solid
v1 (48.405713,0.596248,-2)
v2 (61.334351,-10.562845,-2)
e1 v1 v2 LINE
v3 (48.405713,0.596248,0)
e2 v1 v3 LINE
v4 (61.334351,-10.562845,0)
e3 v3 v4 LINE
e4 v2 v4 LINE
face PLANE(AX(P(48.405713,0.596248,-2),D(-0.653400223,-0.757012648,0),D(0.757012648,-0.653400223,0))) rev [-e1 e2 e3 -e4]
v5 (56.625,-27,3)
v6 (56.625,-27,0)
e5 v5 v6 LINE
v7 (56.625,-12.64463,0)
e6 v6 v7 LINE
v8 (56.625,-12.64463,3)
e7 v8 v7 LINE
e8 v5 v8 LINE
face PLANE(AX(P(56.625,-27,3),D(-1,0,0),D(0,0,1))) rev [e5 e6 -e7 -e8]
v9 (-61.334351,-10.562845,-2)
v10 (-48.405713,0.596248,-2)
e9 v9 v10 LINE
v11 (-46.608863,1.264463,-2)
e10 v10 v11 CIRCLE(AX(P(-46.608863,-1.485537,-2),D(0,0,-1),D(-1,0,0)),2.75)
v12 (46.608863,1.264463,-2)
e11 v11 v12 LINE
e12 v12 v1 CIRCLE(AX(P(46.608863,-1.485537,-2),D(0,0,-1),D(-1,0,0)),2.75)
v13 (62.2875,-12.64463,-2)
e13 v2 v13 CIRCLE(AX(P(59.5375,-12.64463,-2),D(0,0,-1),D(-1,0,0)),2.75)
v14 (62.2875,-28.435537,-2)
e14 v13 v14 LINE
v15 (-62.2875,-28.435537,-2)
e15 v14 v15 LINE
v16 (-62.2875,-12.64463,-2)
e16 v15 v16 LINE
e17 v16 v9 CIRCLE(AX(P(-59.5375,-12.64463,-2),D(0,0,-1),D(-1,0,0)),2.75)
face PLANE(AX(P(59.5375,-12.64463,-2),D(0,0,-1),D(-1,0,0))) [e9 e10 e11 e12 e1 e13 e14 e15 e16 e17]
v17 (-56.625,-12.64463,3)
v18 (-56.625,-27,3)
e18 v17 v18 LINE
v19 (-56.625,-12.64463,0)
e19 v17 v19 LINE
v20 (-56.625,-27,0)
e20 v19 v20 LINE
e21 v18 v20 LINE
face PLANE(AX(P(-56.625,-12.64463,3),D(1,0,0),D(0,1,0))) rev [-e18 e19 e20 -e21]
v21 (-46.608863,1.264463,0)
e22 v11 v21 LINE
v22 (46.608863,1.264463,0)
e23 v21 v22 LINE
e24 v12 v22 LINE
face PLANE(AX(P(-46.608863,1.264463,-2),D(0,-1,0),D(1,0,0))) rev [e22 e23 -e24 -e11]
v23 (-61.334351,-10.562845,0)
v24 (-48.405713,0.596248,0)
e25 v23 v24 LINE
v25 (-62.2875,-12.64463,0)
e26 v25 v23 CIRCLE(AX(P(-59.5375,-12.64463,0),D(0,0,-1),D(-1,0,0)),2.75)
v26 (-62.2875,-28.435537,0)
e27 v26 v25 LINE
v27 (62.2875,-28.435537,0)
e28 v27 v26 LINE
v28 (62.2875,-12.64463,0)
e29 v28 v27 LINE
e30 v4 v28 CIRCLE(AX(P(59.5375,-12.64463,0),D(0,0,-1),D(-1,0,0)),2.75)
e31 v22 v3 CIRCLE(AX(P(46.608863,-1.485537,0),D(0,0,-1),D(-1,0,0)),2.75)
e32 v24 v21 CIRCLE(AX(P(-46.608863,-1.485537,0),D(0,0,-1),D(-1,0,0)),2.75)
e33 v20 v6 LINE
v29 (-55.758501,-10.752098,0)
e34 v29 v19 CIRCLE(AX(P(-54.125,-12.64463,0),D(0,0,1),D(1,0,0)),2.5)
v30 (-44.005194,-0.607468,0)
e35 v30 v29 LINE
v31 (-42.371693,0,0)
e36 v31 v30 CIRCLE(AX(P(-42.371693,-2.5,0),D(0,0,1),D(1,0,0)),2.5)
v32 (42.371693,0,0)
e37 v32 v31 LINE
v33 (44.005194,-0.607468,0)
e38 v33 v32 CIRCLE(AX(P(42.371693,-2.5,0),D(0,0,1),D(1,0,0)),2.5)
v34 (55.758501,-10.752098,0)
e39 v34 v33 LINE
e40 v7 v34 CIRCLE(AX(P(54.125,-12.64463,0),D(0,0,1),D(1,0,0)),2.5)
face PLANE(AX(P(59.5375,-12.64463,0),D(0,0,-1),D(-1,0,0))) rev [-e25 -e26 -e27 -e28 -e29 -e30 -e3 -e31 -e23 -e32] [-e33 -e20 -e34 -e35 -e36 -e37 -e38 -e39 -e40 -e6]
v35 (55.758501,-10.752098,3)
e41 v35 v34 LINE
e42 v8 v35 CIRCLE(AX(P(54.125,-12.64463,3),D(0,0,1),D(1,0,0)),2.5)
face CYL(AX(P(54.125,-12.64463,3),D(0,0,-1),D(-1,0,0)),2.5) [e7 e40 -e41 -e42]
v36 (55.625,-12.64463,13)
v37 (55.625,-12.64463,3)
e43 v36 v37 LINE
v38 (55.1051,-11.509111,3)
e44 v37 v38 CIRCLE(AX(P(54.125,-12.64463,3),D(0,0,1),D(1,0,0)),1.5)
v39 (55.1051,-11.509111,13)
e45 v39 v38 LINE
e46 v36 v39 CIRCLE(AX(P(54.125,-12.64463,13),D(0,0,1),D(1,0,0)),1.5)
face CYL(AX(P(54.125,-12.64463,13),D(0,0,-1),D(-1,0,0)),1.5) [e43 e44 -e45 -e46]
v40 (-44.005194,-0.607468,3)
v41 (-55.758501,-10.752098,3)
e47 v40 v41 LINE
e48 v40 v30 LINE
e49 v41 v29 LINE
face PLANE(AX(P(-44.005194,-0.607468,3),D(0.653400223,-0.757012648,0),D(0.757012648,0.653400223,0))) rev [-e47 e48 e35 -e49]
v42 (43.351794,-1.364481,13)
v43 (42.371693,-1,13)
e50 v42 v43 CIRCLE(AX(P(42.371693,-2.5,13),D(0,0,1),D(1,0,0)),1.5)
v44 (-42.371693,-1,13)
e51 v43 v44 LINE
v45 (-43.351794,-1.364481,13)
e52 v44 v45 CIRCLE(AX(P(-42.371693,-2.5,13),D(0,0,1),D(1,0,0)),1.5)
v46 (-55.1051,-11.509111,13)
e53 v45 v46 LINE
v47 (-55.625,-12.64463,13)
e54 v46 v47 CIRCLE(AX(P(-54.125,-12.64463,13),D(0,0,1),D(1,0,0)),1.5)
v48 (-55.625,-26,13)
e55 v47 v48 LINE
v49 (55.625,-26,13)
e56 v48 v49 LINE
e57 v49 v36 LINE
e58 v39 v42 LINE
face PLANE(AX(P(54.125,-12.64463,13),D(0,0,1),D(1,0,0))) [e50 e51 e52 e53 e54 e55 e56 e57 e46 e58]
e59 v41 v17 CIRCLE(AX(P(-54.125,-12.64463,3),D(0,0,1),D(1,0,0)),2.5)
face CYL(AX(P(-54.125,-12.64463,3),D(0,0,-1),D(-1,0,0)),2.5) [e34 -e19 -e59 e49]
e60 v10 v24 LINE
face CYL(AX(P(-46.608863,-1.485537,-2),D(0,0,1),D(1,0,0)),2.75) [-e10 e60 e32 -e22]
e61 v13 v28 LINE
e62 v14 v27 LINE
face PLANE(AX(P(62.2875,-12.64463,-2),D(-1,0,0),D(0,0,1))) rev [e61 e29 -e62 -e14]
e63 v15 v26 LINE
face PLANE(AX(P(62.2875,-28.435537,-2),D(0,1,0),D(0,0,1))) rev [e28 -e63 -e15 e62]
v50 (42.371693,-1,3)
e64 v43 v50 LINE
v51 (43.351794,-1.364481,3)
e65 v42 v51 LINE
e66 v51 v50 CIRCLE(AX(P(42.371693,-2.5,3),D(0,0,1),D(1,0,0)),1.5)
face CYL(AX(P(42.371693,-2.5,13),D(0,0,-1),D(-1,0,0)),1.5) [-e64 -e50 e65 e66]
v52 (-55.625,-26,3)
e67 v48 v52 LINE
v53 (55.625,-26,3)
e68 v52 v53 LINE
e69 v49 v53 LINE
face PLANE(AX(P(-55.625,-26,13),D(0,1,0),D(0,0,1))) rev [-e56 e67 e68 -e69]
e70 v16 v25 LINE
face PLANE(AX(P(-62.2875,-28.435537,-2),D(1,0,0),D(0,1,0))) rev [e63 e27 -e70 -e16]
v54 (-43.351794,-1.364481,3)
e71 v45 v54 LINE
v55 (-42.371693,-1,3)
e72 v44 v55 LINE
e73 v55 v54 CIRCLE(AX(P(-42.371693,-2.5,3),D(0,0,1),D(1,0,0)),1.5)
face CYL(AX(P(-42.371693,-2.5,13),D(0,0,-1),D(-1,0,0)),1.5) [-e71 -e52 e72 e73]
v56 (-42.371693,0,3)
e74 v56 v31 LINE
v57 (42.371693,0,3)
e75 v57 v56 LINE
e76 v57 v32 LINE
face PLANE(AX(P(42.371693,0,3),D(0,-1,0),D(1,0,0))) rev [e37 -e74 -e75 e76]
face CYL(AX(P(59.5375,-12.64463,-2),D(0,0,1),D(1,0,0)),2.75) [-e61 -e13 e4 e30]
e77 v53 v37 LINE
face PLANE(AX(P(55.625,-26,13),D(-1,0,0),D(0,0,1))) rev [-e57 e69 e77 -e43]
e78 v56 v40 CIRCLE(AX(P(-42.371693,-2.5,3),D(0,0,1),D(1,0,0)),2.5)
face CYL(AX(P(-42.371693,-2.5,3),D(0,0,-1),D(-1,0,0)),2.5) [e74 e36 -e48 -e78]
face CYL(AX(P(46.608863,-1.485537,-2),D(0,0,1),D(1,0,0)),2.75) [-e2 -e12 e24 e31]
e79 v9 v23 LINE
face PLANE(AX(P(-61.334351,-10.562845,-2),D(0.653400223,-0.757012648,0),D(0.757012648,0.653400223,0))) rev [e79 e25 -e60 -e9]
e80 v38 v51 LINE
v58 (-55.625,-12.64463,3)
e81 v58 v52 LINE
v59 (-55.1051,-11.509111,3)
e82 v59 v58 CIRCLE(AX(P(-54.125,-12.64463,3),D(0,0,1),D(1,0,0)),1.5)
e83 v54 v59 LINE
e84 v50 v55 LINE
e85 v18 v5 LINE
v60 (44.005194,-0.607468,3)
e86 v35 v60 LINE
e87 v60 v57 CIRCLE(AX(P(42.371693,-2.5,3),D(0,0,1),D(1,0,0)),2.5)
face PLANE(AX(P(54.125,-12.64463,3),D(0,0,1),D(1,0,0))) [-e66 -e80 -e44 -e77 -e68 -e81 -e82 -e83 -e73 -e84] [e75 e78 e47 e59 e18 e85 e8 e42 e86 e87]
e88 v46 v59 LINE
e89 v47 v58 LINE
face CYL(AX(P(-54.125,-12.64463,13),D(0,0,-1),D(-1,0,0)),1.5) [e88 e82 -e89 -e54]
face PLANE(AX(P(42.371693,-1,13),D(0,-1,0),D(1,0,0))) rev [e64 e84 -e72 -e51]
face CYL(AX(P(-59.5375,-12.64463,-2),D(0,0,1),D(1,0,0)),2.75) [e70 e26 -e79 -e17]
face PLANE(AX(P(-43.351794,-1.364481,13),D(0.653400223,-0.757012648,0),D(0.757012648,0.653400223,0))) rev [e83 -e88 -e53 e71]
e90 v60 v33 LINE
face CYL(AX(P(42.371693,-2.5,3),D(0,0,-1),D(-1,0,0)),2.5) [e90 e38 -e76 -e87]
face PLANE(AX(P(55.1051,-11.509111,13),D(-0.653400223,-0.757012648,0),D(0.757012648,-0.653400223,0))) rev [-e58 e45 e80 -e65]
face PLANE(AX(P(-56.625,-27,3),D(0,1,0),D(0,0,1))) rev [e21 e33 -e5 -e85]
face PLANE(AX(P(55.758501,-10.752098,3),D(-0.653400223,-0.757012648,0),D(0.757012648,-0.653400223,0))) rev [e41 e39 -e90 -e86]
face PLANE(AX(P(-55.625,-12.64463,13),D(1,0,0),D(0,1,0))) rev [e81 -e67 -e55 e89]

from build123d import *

# Parameters (mm, degrees)
BOSS_EXTRUDE1_DEPTH = 3
BOSS_EXTRUDE4_DEPTH = 10
BOSS_EXTRUDE5_DEPTH = 2


with BuildPart() as part:
    # Sketch2 → Boss-Extrude1 (new body)
    with BuildSketch(Plane(origin=(0, 3, 0), x_dir=(1, 0, 0), z_dir=(0, 0, 1))):
        with BuildLine():
            Line((-56.625, -30), (56.625, -30))
            Line((56.625, -30), (56.625, -15.644630074))
            ThreePointArc((56.625, -15.644630074), (56.398076263, -14.603897494), (55.758500558, -13.752098455))
            Line((55.758500558, -13.752098455), (44.005193779, -3.607468381))
            ThreePointArc((44.005193779, -3.607468381), (43.243091796, -3.156783296), (42.371693222, -3))
            Line((42.371693222, -3), (-42.371693222, -3))
            ThreePointArc((-42.371693222, -3), (-43.243091796, -3.156783296), (-44.005193779, -3.607468381))
            Line((-44.005193779, -3.607468381), (-55.758500558, -13.752098455))
            ThreePointArc((-55.758500558, -13.752098455), (-56.398076263, -14.603897494), (-56.625, -15.644630074))
            Line((-56.625, -15.644630074), (-56.625, -30))
        make_face()
    extrude(amount=BOSS_EXTRUDE1_DEPTH)

    # Sketch5 → Boss-Extrude4 (add)
    with BuildSketch(Plane.XY.offset(3)):
        with BuildLine():
            Line((55.625, -26), (55.625, -12.644630074))
            ThreePointArc((55.625, -12.644630074), (55.488845758, -12.020190526), (55.105100335, -11.509111102))
            Line((55.105100335, -11.509111102), (43.351793556, -1.364481029))
            ThreePointArc((43.351793556, -1.364481029), (42.894532367, -1.094069977), (42.371693222, -1))
            Line((42.371693222, -1), (-42.371693222, -1))
            ThreePointArc((-42.371693222, -1), (-42.894532367, -1.094069977), (-43.351793556, -1.364481029))
            Line((-43.351793556, -1.364481029), (-55.105100335, -11.509111102))
            ThreePointArc((-55.105100335, -11.509111102), (-55.488845758, -12.020190526), (-55.625, -12.644630074))
            Line((-55.625, -12.644630074), (-55.625, -26))
            Line((-55.625, -26), (55.625, -26))
        make_face()
    extrude(amount=BOSS_EXTRUDE4_DEPTH)

    # Sketch6 → Boss-Extrude5 (add)
    with BuildSketch(Plane(origin=(0, 0, 0), x_dir=(-1, 0, 0), z_dir=(0, 0, -1))):
        with BuildLine():
            Line((-62.2875, -12.644630074), (-62.2875, -28.435536993))
            Line((-62.2875, -28.435536993), (62.2875, -28.435536993))
            Line((62.2875, -28.435536993), (62.2875, -12.644630074))
            ThreePointArc((62.2875, -12.644630074), (62.037883889, -11.499824236), (61.334350613, -10.562845293))
            Line((61.334350613, -10.562845293), (48.405713157, 0.596247788))
            ThreePointArc((48.405713157, 0.596247788), (47.567400976, 1.092001382), (46.608862544, 1.264463007))
            Line((46.608862544, 1.264463007), (-46.608862544, 1.264463007))
            ThreePointArc((-46.608862544, 1.264463007), (-47.567400976, 1.092001382), (-48.405713157, 0.596247788))
            Line((-48.405713157, 0.596247788), (-61.334350613, -10.562845293))
            ThreePointArc((-61.334350613, -10.562845293), (-62.037883889, -11.499824236), (-62.2875, -12.644630074))
        make_face()
    extrude(amount=BOSS_EXTRUDE5_DEPTH)


solid = part.part
